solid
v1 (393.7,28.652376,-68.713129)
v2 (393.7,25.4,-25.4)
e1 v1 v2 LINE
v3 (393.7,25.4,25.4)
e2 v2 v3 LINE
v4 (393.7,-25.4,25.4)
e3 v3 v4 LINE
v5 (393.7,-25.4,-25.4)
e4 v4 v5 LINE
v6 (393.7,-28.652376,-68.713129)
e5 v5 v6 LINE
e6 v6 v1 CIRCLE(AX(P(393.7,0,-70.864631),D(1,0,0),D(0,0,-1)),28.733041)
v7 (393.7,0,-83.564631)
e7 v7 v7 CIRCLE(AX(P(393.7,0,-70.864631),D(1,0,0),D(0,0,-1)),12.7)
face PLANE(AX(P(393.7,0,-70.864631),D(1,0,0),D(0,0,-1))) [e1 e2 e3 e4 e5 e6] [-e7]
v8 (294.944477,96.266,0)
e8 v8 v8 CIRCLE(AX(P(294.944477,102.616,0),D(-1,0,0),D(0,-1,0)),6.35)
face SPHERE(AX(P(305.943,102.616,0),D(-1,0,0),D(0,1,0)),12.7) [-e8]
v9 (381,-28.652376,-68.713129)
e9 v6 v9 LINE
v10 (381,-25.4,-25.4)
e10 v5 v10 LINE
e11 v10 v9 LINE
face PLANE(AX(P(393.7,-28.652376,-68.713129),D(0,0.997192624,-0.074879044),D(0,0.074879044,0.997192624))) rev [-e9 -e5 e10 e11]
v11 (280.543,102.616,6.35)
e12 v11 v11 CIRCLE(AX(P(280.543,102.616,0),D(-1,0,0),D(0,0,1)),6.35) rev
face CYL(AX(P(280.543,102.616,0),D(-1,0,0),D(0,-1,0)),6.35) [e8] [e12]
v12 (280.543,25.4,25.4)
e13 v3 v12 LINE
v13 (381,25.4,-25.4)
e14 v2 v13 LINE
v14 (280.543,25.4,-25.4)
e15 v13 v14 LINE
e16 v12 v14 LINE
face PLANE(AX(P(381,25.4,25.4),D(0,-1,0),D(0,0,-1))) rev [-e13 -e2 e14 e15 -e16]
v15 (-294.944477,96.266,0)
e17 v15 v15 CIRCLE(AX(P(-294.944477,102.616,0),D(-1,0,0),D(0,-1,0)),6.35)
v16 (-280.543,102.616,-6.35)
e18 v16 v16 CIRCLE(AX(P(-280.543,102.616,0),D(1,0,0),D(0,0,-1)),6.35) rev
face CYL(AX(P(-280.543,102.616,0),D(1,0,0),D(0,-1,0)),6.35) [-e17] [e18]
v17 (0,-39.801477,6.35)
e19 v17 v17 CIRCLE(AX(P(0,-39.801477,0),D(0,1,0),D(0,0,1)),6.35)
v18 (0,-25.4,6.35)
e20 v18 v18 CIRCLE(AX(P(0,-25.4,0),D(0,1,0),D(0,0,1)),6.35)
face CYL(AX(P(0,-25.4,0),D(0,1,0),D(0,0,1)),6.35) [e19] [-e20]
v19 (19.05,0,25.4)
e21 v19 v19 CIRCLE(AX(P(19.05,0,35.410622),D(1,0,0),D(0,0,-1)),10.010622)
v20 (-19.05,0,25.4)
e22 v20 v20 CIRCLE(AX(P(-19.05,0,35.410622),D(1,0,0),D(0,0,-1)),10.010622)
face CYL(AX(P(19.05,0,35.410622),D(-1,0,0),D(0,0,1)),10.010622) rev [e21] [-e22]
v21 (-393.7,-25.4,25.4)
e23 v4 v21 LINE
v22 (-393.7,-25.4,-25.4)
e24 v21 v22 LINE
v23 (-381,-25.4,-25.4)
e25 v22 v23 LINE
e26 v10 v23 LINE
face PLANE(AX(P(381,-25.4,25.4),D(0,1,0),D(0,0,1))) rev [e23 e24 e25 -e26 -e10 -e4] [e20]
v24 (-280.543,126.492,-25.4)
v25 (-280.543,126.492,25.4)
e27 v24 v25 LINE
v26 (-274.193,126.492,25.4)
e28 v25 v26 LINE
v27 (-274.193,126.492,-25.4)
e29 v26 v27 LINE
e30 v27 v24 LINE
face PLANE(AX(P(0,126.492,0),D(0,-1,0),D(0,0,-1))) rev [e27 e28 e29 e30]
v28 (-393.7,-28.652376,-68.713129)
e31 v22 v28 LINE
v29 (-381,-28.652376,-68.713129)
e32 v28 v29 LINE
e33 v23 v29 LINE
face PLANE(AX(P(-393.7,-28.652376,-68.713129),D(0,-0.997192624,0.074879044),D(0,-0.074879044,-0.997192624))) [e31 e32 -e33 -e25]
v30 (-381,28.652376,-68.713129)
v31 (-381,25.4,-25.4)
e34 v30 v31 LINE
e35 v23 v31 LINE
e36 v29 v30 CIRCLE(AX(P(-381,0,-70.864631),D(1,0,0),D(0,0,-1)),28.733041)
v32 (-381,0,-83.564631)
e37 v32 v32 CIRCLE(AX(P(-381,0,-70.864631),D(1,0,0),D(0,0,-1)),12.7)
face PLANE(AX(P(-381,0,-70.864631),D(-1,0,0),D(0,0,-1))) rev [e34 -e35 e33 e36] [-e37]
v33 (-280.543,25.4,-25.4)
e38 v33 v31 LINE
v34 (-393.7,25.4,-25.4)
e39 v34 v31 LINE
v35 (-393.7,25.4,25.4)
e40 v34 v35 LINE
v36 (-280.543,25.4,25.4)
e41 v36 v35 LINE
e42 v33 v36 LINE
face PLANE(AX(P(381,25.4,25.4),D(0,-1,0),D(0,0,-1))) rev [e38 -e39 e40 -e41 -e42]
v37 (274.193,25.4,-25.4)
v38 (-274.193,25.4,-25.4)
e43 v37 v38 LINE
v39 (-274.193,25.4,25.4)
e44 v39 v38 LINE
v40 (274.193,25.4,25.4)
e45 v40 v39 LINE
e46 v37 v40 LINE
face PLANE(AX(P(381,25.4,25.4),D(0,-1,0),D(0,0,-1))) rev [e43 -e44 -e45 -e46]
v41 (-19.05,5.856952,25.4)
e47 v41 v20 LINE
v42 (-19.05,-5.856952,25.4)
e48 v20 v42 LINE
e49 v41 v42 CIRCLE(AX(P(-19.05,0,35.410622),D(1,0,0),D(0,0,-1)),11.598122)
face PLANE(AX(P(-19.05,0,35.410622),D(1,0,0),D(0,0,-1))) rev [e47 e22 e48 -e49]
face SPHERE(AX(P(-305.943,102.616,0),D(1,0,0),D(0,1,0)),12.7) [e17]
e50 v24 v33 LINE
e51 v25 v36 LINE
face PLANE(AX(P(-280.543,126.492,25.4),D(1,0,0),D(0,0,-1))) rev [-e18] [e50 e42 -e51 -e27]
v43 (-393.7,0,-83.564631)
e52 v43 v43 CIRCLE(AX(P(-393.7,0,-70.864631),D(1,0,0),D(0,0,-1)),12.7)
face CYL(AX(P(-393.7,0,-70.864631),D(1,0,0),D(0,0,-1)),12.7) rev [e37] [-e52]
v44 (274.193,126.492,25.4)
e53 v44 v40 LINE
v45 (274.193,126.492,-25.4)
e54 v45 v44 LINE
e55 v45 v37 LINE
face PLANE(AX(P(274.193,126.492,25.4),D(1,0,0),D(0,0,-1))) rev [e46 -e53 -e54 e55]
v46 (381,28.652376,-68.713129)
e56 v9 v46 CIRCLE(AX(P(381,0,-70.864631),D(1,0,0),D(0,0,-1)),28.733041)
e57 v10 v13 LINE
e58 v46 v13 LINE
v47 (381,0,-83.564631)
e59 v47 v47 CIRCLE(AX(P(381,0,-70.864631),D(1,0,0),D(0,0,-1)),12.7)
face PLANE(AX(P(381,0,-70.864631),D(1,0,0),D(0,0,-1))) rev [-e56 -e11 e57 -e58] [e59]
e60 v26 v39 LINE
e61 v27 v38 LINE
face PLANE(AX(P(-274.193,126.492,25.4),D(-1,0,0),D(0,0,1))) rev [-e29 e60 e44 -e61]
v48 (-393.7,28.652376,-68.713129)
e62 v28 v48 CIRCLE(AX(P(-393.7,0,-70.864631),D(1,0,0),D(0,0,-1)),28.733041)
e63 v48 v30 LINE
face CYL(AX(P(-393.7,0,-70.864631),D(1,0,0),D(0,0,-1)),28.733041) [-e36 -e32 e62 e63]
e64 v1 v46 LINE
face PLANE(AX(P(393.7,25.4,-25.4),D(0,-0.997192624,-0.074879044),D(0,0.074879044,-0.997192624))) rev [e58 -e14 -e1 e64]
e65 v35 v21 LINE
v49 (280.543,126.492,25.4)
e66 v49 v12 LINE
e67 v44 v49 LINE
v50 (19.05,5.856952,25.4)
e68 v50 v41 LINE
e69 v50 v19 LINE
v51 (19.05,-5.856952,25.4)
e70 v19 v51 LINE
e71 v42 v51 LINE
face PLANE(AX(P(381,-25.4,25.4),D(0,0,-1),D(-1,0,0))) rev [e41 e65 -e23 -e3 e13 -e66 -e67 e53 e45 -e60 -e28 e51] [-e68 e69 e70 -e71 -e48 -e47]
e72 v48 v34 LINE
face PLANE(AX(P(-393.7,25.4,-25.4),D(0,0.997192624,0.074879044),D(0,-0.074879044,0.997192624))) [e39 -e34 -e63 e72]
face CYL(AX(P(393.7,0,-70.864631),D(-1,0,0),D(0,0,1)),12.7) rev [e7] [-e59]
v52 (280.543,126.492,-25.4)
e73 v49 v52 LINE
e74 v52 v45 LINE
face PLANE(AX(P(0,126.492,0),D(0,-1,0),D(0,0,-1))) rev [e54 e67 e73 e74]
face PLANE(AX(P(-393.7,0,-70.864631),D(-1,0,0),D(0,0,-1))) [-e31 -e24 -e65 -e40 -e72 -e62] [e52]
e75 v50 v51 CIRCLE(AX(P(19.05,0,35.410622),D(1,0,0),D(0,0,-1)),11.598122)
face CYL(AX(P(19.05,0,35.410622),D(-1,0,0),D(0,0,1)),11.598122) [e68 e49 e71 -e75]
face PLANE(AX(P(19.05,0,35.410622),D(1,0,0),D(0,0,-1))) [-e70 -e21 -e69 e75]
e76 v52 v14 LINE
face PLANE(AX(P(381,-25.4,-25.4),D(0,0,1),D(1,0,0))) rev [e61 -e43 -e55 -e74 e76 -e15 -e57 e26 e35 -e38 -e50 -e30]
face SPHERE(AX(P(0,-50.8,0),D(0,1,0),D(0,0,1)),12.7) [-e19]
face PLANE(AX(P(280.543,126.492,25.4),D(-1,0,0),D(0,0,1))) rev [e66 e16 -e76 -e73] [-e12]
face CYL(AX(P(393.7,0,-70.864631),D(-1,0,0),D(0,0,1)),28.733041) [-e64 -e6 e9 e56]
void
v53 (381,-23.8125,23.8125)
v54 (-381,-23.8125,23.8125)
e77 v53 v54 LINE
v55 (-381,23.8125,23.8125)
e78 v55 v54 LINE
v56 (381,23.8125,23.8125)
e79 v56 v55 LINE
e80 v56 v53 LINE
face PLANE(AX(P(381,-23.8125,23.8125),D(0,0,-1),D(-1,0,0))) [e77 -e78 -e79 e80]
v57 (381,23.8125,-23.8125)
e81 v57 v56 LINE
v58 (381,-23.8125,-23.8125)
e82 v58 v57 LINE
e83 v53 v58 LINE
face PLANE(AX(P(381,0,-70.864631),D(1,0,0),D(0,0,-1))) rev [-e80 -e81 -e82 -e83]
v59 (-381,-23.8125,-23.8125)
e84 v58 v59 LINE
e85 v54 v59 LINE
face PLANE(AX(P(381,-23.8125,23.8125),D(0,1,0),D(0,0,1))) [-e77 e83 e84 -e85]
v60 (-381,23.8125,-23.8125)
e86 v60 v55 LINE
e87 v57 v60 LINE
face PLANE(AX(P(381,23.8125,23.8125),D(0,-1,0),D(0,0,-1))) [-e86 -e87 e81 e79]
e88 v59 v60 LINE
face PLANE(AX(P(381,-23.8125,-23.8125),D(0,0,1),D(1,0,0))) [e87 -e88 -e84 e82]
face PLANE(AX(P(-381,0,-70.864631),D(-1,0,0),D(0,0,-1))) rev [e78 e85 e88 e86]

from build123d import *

# Parameters (mm, degrees)
SKETCH1_W           = 50.8
SKETCH1_H           = 50.8
SKETCH1_W_2         = 47.625
SKETCH1_H_2         = 47.625
BOSS_EXTRUDE1_DEPTH = 381
SKETCH2_R           = 11.598122223
SKETCH2_R_2         = 10.010622223
BOSS_EXTRUDE2_DEPTH = 19.05
SKETCH3_W           = 6.35
SKETCH3_H           = 50.8
BOSS_EXTRUDE3_DEPTH = 101.092
SKETCH7_R           = 12.7
BOSS_EXTRUDE4_DEPTH = 12.7


with BuildPart() as part:
    # Sketch1 → Boss-Extrude1 (new body, symmetric)
    with BuildSketch(Plane(origin=(0, 0, 0), x_dir=(0, 0, -1), z_dir=(1, 0, 0))):
        Rectangle(SKETCH1_W, SKETCH1_H)
        Rectangle(SKETCH1_W_2, SKETCH1_H_2, mode=Mode.SUBTRACT)
    extrude(amount=BOSS_EXTRUDE1_DEPTH, both=True)

    # Sketch2 → Boss-Extrude2 (add, symmetric)
    with BuildSketch(Plane(origin=(0, 0, 0), x_dir=(0, 0, -1), z_dir=(1, 0, 0))):
        with Locations((-35.410622223, 0)):
            Circle(SKETCH2_R)
        with Locations((-35.410622223, 0)):
            Circle(SKETCH2_R_2, mode=Mode.SUBTRACT)
    extrude(amount=BOSS_EXTRUDE2_DEPTH, both=True)

    # Sketch3 → Boss-Extrude3 (add)
    with BuildSketch(Plane(origin=(0, 25.4, 0), x_dir=(1, 0, 0), z_dir=(0, 1, 0))):
        with Locations((-277.368, 0)):
            Rectangle(SKETCH3_W, SKETCH3_H)
        with Locations((277.368, 0)):
            Rectangle(SKETCH3_W, SKETCH3_H)
    extrude(amount=BOSS_EXTRUDE3_DEPTH)

    # Sketch5 → Revolve1 (revolve)
    with BuildSketch(Plane.XY):
        with BuildLine():
            Line((280.543, 108.966), (294.944477372, 108.966))
            ThreePointArc((294.944477372, 108.966), (309.230001873, 114.883257994), (318.643, 102.616))
            Line((318.643, 102.616), (280.543, 102.616))
            Line((280.543, 102.616), (280.543, 108.966))
        make_face()
    revolve1 = revolve(axis=Axis((280.543, 102.616, 0), (1, 0, 0)))

    # Mirror1: Revolve1 across plane
    add(revolve1.mirror(Plane(origin=(0, 0, 0), x_dir=(0, 0, 1), z_dir=(1, 0, 0))))

    # Sketch6 → Revolve2 (revolve)
    with BuildSketch(Plane(origin=(0, 0, 0), x_dir=(0, 0, -1), z_dir=(1, 0, 0))):
        with BuildLine():
            Line((-6.35, -25.4), (0, -25.4))
            Line((0, -25.4), (0, -63.5))
            ThreePointArc((0, -63.5), (-12.267257994, -54.087001873), (-6.35, -39.801477372))
            Line((-6.35, -39.801477372), (-6.35, -25.4))
        make_face()
    revolve(axis=Axis((0, -25.4, 0), (0, -1, 0)))

    # Sketch7 → Boss-Extrude4 (add)
    with BuildSketch(Plane(origin=(381, 0, 0), x_dir=(0, 0, -1), z_dir=(1, 0, 0))):
        with BuildLine():
            Line((68.713128758, -28.652376301), (25.4, -25.4))
            Line((25.4, -25.4), (-25.4, -25.4))
            Line((-25.4, -25.4), (-25.4, 25.4))
            Line((-25.4, 25.4), (25.4, 25.4))
            Line((25.4, 25.4), (68.713128758, 28.6523763))
            ThreePointArc((68.713128758, 28.6523763), (99.597672127, 0), (68.713128758, -28.652376301))
        make_face()
        with Locations((70.86463137, 0)):
            Circle(SKETCH7_R, mode=Mode.SUBTRACT)
    boss_extrude4 = extrude(amount=BOSS_EXTRUDE4_DEPTH)

    # Mirror2: Boss-Extrude4 across plane
    add(boss_extrude4.mirror(Plane(origin=(0, 0, 0), x_dir=(0, 0, 1), z_dir=(1, 0, 0))))


solid = part.part
